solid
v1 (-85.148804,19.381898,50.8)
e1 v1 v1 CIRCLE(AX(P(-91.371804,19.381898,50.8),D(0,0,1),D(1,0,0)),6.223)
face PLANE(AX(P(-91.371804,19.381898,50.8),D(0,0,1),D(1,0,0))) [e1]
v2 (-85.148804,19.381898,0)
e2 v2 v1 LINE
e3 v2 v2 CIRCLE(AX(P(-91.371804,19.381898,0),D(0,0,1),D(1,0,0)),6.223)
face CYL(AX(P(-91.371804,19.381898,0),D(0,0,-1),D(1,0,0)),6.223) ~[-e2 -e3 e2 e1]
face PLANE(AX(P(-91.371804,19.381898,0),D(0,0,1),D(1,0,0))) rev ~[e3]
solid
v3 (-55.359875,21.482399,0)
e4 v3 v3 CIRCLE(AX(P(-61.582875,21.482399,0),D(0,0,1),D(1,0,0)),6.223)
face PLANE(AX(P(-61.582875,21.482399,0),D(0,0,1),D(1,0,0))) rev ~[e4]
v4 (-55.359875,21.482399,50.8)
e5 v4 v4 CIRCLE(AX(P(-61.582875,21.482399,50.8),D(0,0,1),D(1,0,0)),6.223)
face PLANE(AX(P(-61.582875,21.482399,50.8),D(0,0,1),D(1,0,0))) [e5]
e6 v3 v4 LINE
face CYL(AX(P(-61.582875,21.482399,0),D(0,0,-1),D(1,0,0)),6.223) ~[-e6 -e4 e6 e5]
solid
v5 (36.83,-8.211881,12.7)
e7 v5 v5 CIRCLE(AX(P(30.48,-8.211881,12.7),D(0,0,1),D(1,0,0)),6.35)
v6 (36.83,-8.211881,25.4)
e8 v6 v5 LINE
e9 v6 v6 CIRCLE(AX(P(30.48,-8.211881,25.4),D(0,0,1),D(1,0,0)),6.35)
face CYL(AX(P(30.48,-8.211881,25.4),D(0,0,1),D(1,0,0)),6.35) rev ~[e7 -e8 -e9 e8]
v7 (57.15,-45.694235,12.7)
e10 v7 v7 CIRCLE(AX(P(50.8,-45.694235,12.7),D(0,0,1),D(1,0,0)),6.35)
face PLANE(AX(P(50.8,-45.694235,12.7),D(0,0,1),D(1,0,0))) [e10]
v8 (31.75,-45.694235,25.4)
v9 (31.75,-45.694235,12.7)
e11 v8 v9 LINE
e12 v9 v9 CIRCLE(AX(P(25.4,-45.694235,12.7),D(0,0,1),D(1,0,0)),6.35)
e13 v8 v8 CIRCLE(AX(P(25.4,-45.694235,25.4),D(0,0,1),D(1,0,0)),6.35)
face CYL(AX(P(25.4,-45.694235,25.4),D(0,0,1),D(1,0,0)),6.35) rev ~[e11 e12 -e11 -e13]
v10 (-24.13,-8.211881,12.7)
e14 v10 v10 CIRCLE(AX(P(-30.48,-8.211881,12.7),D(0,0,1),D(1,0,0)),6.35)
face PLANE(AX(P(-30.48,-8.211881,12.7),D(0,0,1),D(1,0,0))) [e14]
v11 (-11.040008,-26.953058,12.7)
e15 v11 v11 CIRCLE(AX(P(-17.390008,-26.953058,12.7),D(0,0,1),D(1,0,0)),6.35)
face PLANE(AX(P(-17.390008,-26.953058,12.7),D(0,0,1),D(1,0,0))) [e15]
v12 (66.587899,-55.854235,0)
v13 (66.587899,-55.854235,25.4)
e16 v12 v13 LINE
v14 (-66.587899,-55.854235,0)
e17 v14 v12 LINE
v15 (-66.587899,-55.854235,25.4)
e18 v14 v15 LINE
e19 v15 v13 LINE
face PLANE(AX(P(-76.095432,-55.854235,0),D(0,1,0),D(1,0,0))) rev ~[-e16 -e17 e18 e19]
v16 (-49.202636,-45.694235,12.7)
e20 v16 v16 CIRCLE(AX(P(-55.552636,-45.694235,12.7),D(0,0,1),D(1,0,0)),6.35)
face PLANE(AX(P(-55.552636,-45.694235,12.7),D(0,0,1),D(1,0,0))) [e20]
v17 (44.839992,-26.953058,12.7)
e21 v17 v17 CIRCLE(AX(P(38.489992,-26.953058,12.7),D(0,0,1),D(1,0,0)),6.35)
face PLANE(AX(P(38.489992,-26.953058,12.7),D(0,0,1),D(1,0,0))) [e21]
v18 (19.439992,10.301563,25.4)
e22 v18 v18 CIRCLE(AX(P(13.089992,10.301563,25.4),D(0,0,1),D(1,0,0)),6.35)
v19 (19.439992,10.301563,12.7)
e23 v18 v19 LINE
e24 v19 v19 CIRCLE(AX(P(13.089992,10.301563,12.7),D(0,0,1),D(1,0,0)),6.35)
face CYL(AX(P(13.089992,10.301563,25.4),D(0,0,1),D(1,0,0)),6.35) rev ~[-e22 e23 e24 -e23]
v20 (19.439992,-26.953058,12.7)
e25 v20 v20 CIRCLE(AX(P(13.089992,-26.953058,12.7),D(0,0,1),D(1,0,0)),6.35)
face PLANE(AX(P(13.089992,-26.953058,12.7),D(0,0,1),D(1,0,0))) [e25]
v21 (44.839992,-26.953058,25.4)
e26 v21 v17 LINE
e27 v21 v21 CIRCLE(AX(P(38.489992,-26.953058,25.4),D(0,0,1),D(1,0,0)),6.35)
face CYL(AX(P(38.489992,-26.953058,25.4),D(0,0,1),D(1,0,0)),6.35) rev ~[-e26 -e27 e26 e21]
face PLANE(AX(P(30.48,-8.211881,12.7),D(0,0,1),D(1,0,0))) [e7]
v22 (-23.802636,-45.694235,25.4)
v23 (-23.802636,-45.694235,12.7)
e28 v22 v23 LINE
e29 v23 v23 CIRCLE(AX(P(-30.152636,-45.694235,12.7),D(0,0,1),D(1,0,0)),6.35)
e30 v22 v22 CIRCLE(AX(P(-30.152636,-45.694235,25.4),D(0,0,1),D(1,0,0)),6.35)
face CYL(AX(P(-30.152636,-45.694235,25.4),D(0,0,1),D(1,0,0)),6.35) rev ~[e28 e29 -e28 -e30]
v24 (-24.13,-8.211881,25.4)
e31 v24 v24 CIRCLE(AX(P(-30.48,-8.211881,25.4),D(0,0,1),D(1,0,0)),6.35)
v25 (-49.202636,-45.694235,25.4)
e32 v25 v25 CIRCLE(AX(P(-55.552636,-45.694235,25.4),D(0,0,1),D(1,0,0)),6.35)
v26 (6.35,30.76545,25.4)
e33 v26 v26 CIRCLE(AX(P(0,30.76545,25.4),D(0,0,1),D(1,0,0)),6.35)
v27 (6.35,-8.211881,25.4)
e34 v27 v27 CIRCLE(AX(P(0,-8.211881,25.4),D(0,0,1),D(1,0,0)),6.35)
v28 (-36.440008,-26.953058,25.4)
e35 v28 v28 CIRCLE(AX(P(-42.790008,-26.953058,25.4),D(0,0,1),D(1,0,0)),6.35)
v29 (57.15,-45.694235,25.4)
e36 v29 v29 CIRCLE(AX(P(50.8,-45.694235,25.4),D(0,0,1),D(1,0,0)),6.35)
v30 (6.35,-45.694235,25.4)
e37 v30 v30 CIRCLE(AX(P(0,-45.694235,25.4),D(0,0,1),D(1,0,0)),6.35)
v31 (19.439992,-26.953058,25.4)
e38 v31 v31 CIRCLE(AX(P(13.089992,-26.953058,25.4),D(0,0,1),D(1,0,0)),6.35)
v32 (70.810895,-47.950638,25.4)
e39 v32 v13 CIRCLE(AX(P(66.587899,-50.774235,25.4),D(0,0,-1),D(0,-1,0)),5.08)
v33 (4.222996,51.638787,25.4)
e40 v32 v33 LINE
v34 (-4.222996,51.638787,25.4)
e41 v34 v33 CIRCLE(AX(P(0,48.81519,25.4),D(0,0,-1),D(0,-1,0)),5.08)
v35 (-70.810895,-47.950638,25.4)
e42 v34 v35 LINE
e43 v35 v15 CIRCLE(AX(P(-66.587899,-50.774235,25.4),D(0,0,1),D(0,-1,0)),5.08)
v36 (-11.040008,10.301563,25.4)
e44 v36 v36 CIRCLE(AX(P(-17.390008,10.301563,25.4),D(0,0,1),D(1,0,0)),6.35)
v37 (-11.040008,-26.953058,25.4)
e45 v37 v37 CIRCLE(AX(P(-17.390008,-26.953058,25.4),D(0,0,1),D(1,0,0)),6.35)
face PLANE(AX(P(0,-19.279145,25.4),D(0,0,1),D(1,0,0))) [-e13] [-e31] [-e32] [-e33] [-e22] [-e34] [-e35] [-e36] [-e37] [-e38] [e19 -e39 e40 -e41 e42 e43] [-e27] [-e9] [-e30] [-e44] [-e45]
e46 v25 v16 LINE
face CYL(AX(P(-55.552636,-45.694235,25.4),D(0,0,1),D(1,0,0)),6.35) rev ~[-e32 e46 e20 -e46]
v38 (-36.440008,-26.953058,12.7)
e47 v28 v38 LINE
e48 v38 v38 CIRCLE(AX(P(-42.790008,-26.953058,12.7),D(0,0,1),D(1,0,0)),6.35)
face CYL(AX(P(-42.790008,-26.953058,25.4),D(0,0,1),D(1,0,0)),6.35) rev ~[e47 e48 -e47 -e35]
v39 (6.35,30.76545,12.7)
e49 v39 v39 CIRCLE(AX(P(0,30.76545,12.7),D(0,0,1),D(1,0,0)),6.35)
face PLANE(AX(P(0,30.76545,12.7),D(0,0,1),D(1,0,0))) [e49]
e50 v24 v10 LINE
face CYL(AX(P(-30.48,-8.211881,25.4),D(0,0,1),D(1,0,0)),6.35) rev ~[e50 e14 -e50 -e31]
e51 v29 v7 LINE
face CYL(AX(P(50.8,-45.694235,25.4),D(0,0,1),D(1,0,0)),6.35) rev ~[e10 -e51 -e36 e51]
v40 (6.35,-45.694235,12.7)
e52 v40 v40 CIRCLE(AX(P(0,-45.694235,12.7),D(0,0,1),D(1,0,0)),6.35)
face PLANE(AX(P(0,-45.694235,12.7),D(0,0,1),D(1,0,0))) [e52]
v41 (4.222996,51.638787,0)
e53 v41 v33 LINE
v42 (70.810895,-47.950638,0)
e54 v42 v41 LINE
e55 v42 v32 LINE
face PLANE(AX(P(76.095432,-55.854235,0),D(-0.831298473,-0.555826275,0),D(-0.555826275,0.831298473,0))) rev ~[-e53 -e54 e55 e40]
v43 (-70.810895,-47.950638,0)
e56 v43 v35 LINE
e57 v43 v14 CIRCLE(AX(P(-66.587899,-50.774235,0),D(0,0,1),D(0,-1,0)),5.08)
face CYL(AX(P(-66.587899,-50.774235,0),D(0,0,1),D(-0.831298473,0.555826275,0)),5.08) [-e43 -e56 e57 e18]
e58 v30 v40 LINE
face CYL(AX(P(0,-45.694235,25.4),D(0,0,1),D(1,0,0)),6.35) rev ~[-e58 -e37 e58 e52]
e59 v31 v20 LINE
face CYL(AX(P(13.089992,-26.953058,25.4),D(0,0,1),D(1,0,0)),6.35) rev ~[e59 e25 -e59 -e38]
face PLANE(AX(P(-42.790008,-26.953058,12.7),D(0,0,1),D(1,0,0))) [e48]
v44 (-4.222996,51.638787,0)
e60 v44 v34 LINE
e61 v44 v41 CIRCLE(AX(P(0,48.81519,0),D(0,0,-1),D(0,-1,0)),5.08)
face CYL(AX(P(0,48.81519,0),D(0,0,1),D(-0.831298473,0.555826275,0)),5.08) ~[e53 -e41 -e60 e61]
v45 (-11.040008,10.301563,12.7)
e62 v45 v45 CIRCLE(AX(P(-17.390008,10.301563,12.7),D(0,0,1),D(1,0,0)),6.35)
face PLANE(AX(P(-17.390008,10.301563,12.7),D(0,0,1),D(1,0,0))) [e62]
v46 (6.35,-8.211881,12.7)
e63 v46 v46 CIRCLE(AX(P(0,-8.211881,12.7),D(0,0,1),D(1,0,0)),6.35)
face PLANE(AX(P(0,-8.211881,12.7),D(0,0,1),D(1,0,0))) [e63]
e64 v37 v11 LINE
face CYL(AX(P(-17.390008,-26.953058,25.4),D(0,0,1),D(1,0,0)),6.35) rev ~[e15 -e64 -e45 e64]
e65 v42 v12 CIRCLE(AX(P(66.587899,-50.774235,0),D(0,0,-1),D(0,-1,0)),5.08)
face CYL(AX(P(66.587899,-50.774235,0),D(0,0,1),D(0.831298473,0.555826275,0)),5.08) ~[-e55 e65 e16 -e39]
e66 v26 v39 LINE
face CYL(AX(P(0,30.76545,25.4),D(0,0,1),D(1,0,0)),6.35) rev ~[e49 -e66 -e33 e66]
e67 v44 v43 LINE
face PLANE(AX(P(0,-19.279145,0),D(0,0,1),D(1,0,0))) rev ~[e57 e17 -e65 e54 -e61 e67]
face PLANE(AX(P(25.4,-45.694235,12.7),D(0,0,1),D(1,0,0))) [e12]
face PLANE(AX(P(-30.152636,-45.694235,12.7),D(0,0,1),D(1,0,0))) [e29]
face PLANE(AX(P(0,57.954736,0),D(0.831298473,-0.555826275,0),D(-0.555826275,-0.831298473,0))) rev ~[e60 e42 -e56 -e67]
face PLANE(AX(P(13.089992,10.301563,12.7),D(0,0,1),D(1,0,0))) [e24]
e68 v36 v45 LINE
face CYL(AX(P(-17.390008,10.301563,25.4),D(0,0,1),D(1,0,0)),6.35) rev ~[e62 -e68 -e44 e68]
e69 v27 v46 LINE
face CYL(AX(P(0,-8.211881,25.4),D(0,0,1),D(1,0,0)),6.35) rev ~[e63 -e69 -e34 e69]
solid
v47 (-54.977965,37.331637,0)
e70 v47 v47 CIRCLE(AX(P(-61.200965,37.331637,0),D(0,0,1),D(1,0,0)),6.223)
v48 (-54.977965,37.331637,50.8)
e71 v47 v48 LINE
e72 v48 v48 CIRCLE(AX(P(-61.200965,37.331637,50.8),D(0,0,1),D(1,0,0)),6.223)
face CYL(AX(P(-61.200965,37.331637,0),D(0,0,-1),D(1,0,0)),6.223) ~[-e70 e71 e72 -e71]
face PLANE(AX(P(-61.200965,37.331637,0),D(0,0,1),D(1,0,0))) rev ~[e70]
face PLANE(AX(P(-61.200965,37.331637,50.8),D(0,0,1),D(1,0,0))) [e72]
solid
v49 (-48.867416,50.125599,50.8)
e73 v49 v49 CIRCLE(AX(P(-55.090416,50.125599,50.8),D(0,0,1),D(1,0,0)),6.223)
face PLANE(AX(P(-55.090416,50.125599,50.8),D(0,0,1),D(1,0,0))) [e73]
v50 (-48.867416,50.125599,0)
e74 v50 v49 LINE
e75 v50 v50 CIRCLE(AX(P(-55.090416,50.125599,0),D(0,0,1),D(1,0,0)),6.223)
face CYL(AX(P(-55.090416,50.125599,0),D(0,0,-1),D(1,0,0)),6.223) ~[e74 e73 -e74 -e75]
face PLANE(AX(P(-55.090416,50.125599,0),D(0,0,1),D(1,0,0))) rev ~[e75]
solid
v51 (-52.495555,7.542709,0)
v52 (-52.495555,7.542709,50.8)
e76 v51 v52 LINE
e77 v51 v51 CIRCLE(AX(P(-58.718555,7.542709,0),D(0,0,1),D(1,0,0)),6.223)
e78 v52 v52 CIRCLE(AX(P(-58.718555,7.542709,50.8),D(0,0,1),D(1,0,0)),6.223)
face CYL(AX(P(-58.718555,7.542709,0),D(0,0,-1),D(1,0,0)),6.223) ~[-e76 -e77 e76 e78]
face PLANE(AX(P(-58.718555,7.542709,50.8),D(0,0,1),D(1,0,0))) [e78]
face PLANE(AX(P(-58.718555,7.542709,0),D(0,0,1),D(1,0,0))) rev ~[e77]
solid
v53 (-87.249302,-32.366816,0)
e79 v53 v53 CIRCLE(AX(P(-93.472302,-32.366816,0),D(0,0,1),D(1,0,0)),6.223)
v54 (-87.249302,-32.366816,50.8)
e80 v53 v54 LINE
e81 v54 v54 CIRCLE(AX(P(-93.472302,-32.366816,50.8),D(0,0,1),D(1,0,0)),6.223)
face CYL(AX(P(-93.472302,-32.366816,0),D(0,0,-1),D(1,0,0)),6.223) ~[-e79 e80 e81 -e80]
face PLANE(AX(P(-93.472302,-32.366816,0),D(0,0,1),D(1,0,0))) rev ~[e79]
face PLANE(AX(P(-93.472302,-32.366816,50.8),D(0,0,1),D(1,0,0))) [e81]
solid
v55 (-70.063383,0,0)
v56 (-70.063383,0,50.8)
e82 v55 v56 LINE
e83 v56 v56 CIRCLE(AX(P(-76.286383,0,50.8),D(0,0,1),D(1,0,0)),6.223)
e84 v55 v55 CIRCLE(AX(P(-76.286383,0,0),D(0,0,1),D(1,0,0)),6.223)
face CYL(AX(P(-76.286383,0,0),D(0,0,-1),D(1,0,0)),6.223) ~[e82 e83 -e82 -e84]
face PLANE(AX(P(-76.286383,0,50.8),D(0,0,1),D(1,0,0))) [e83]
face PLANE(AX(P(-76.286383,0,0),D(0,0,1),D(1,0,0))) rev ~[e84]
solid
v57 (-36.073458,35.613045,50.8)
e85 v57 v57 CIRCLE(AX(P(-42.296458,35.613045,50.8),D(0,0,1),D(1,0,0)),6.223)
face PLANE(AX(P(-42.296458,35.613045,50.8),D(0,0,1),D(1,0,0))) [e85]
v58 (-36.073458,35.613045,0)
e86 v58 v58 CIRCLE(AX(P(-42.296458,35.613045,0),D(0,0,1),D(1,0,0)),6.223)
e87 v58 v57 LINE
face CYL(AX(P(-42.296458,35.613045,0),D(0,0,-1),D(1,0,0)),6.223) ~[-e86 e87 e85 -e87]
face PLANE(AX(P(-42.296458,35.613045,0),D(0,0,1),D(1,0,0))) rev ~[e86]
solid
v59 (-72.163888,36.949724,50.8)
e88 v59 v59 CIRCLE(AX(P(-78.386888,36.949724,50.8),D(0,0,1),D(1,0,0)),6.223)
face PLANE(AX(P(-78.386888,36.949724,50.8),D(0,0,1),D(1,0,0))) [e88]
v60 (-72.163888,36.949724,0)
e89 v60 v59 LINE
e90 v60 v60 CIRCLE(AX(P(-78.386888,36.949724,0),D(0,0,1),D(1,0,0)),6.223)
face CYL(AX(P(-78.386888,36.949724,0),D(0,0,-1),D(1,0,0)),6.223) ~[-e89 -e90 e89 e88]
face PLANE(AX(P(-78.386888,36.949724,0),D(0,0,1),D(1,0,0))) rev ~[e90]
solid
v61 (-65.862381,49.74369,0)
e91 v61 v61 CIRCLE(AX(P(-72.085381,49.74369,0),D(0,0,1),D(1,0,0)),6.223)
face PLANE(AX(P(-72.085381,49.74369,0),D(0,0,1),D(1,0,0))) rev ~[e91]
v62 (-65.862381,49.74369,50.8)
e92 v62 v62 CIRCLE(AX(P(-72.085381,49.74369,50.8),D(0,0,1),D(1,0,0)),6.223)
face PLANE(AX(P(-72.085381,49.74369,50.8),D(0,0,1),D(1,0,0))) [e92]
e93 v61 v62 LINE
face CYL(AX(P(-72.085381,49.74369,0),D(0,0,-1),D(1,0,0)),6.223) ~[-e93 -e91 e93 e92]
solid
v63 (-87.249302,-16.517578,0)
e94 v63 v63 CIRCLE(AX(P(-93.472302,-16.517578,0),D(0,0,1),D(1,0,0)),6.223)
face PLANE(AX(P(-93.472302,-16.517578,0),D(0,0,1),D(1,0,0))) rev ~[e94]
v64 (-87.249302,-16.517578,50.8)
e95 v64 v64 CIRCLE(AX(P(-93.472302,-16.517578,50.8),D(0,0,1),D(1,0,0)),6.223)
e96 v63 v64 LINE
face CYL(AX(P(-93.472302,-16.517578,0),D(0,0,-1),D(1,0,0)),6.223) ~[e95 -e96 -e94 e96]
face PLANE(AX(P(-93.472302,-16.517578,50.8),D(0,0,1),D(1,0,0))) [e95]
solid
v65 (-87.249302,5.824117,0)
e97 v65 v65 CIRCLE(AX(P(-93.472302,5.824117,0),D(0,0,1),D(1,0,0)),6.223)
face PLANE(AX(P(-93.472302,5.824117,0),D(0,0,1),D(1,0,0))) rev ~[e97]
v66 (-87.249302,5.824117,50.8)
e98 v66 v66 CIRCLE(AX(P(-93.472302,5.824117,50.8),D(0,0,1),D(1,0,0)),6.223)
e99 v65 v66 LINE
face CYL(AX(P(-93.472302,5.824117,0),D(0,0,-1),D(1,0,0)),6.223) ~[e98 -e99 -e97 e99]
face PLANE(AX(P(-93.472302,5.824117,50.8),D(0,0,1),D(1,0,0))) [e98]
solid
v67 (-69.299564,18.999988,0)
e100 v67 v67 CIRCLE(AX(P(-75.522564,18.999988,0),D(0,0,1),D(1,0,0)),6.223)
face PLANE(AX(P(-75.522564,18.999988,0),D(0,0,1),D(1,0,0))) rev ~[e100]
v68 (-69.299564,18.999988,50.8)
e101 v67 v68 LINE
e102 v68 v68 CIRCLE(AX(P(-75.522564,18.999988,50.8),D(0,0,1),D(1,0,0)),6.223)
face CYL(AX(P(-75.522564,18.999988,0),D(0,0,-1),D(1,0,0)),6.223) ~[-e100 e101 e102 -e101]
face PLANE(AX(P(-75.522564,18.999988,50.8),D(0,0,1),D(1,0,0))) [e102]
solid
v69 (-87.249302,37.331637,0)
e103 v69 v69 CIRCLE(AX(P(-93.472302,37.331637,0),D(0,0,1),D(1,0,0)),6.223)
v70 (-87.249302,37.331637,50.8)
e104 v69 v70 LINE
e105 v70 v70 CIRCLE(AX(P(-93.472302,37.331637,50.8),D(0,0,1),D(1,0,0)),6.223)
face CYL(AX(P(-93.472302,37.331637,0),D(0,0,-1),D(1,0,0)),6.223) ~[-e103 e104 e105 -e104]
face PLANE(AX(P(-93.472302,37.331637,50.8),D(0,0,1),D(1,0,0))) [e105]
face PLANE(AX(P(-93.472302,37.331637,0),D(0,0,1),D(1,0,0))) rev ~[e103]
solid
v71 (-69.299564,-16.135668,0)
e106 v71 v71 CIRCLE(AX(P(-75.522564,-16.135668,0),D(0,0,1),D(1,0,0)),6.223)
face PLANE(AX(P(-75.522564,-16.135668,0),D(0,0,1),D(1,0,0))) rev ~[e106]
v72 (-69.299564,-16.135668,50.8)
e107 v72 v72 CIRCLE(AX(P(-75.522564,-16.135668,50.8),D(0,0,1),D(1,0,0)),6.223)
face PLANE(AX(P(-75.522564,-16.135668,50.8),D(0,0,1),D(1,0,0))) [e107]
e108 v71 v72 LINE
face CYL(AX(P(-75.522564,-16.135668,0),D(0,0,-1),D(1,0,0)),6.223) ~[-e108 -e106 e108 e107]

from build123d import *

# Parameters (mm, degrees)
F1_DEPTH = 25.4
F3_R     = 6.35
F2_R     = 6.35
F4_DEPTH = 12.7
F5_R     = 6.223
F6_DEPTH = 50.8
F7_R     = 5.08


with BuildPart() as f1:
    # F0 (on Top) → F1 (new body)
    with BuildSketch(Plane.XY):
        Polygon((0, 57.954736), (-76.095432, -55.854235), (76.095432, -55.854235), align=None)
    extrude(amount=F1_DEPTH)

    # F3 (on face) + F2 (on face) → F4 (cut)
    with BuildSketch(Plane.XY.offset(25.4)):
        with Locations((-42.790008, -26.953058)):
            Circle(F3_R)
        with Locations((-17.390008, -26.953058)):
            Circle(F3_R)
        with Locations((13.089992, -26.953058)):
            Circle(F3_R)
        with Locations((38.489992, -26.953058)):
            Circle(F3_R)
        with Locations((0, -8.211881)):
            Circle(F3_R)
        with Locations((-30.48, -8.211881)):
            Circle(F3_R)
        with Locations((30.48, -8.211881)):
            Circle(F3_R)
        with Locations((13.089992, 10.301563)):
            Circle(F3_R)
        with Locations((-17.390008, 10.301563)):
            Circle(F3_R)
        with Locations((0, 30.76545)):
            Circle(F3_R)
    with BuildSketch(Plane.XY.offset(25.4)):
        with Locations((-55.552636, -45.694235)):
            Circle(F2_R)
        with Locations((-30.152636, -45.694235)):
            Circle(F2_R)
        with Locations((0, -45.694235)):
            Circle(F2_R)
        with Locations((50.8, -45.694235)):
            Circle(F2_R)
        with Locations((25.4, -45.694235)):
            Circle(F2_R)
    extrude(amount=-F4_DEPTH, mode=Mode.SUBTRACT)

    # F7
    f7_edges = [f1.edges().sort_by_distance(p)[0] for p in [
        (76.095432, -55.854235, 12.7),
        (-76.095432, -55.854235, 12.7),
        (0, 57.954736, 12.7),
    ]]
    fillet(f7_edges, radius=F7_R)


with BuildPart() as f6:
    # F5 (on Top) → F6 (new body)
    with BuildSketch(Plane.XY):
        with Locations((-72.085381, 49.74369)):
            Circle(F5_R)
        with Locations((-55.090416, 50.125599)):
            Circle(F5_R)
        with Locations((-42.296458, 35.613045)):
            Circle(F5_R)
        with Locations((-61.200965, 37.331637)):
            Circle(F5_R)
        with Locations((-78.386888, 36.949724)):
            Circle(F5_R)
        with Locations((-93.472302, 37.331637)):
            Circle(F5_R)
        with Locations((-91.371804, 19.381898)):
            Circle(F5_R)
        with Locations((-75.522564, 18.999988)):
            Circle(F5_R)
        with Locations((-61.582875, 21.482399)):
            Circle(F5_R)
        with Locations((-58.718555, 7.542709)):
            Circle(F5_R)
        with Locations((-76.286383, 0)):
            Circle(F5_R)
        with Locations((-93.472302, 5.824117)):
            Circle(F5_R)
        with Locations((-93.472302, -16.517578)):
            Circle(F5_R)
        with Locations((-75.522564, -16.135668)):
            Circle(F5_R)
        with Locations((-93.472302, -32.366816)):
            Circle(F5_R)
    extrude(amount=F6_DEPTH)


solid = Compound([f1.part, f6.part])
